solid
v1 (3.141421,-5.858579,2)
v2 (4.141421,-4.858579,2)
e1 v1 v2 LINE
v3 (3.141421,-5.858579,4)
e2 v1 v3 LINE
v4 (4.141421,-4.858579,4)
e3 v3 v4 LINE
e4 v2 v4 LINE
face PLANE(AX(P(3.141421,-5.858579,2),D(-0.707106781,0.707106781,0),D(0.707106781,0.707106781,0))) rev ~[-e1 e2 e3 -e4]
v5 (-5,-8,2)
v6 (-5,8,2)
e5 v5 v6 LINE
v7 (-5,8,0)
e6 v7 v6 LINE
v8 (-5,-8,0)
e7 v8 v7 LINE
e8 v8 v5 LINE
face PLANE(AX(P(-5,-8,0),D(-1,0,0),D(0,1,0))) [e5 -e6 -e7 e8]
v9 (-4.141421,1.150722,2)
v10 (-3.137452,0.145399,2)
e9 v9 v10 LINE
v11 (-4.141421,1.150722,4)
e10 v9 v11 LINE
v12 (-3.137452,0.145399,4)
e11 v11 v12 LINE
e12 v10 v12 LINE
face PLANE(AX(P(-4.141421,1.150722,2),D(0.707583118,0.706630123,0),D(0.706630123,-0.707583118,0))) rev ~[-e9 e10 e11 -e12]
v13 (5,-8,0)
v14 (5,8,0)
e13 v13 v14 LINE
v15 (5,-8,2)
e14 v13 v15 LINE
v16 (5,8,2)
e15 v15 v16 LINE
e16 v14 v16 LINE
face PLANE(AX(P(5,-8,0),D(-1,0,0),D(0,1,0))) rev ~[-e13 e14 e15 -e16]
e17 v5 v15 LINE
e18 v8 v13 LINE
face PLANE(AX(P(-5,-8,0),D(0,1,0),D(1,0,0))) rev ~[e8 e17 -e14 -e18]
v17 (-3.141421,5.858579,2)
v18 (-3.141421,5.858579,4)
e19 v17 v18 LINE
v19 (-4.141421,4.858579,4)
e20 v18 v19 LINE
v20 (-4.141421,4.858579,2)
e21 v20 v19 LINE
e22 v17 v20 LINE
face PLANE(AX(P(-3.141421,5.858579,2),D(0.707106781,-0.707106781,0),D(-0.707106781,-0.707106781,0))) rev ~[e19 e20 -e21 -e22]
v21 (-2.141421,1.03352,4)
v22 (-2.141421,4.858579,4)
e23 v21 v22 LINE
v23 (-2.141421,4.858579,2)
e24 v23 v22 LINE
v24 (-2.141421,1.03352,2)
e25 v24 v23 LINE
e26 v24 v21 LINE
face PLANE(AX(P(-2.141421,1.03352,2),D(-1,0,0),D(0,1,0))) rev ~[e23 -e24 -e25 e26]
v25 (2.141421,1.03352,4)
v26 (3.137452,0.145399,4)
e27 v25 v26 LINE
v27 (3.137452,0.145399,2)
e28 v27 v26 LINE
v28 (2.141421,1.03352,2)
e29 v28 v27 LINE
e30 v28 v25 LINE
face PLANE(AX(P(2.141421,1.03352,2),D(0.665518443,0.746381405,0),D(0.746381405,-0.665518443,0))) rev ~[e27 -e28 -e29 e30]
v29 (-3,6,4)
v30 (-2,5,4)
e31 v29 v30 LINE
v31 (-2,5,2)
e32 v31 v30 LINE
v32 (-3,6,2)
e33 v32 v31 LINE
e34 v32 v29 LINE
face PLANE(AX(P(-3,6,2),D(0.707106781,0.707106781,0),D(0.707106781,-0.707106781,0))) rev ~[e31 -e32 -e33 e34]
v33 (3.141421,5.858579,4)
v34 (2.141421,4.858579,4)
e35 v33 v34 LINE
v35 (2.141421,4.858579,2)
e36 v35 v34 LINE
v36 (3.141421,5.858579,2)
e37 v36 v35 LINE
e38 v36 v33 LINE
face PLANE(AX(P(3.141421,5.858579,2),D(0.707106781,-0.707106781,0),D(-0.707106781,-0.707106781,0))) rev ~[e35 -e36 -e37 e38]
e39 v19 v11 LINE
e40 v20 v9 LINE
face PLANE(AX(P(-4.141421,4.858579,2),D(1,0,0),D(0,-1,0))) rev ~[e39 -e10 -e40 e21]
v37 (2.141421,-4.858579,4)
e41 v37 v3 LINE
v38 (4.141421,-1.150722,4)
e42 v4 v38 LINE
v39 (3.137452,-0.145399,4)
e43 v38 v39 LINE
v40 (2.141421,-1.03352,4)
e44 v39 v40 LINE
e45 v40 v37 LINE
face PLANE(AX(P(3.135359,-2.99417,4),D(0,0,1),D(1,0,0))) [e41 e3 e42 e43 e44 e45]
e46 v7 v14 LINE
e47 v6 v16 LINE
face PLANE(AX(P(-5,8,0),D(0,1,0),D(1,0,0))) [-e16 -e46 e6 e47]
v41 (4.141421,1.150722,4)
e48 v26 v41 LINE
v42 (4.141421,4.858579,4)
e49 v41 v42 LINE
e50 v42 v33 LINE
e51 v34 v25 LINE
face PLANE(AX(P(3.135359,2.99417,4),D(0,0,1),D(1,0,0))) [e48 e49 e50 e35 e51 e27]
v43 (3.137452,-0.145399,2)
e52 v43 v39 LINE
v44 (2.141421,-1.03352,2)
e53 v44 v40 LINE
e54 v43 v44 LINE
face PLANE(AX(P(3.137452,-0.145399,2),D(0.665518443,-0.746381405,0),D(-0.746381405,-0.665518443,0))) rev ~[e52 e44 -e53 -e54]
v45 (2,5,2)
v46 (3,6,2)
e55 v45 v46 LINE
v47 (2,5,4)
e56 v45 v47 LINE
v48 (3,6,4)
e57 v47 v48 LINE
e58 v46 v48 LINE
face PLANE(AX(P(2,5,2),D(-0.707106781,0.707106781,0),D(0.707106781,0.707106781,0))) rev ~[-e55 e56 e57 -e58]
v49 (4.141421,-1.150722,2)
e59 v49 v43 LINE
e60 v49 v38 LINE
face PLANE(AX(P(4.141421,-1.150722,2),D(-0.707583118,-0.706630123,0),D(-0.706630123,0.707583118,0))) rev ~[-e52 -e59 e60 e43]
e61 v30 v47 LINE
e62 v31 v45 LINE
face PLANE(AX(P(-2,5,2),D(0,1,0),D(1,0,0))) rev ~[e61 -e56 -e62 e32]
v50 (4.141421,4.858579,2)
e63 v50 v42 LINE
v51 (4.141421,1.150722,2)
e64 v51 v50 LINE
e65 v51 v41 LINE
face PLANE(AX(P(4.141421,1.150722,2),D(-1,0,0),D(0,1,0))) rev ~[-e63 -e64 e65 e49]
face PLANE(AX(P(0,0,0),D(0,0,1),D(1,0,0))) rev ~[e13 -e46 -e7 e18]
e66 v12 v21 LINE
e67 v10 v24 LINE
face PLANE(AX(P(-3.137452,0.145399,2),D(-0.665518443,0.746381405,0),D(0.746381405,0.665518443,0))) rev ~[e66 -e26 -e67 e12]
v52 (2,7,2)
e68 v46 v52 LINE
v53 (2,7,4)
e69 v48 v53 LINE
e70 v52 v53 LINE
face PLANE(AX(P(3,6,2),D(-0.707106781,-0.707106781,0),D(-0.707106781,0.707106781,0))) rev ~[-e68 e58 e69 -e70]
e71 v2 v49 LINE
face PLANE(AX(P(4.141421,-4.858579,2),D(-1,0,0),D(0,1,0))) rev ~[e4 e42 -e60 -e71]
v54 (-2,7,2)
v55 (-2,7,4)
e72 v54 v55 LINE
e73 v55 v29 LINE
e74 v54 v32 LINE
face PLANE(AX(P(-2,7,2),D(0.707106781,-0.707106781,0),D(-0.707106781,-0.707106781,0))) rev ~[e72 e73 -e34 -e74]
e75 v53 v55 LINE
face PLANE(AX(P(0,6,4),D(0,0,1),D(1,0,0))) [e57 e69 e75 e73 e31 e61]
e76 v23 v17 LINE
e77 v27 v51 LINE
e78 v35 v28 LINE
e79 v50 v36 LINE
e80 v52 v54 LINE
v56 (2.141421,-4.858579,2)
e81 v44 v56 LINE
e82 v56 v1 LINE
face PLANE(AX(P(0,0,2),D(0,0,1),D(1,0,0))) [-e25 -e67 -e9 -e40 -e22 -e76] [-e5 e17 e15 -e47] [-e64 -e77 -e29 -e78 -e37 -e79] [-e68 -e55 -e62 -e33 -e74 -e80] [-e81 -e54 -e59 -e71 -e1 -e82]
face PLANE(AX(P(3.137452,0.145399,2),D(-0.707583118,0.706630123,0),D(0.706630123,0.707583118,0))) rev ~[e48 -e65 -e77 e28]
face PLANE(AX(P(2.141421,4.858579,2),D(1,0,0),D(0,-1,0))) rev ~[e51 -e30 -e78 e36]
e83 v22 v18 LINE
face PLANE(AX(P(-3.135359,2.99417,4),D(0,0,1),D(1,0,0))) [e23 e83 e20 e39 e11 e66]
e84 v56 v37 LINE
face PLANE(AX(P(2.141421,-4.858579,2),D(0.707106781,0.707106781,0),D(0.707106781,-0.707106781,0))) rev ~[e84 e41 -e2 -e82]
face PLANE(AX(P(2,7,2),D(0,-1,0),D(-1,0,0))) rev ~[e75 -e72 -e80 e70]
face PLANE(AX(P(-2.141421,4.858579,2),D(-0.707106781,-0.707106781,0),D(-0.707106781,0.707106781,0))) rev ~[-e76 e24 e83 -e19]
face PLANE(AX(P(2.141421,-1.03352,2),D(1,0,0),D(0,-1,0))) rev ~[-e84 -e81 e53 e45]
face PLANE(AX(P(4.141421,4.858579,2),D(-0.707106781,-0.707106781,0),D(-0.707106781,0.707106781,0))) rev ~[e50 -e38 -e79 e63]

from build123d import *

# Parameters (mm, degrees)
F0_W     = 10
F0_H     = 16
F1_DEPTH = 2
F3_DEPTH = 2


with BuildPart() as f1:
    # F0 (on Top) → F1 (new body)
    with BuildSketch(Plane.XY):
        Rectangle(F0_W, F0_H)
    extrude(amount=F1_DEPTH)

    # F2 (on face) → F3 (join)
    with BuildSketch(Plane.XY.offset(2)):
        Polygon((0, 7), (-2, 7), (-3, 6), (-2, 5), (0, 5), (2, 5), (3, 6), (2, 7), align=None)
        Polygon((-2.141421, 4.858579), (-3.141421, 5.858579), (-4.141421, 4.858579), (-4.141421, 1.150722), (-3.137452, 0.145399), (-2.141421, 1.03352), align=None)
        Polygon((4.141421, 4.858579), (3.141421, 5.858579), (2.141421, 4.858579), (2.141421, 1.03352), (3.137452, 0.145399), (4.141421, 1.150722), align=None)
        Polygon((3.137452, -0.145399), (2.141421, -1.03352), (2.141421, -4.858579), (3.141421, -5.858579), (4.141421, -4.858579), (4.141421, -1.150722), align=None)
    extrude(amount=F3_DEPTH)


solid = f1.part
